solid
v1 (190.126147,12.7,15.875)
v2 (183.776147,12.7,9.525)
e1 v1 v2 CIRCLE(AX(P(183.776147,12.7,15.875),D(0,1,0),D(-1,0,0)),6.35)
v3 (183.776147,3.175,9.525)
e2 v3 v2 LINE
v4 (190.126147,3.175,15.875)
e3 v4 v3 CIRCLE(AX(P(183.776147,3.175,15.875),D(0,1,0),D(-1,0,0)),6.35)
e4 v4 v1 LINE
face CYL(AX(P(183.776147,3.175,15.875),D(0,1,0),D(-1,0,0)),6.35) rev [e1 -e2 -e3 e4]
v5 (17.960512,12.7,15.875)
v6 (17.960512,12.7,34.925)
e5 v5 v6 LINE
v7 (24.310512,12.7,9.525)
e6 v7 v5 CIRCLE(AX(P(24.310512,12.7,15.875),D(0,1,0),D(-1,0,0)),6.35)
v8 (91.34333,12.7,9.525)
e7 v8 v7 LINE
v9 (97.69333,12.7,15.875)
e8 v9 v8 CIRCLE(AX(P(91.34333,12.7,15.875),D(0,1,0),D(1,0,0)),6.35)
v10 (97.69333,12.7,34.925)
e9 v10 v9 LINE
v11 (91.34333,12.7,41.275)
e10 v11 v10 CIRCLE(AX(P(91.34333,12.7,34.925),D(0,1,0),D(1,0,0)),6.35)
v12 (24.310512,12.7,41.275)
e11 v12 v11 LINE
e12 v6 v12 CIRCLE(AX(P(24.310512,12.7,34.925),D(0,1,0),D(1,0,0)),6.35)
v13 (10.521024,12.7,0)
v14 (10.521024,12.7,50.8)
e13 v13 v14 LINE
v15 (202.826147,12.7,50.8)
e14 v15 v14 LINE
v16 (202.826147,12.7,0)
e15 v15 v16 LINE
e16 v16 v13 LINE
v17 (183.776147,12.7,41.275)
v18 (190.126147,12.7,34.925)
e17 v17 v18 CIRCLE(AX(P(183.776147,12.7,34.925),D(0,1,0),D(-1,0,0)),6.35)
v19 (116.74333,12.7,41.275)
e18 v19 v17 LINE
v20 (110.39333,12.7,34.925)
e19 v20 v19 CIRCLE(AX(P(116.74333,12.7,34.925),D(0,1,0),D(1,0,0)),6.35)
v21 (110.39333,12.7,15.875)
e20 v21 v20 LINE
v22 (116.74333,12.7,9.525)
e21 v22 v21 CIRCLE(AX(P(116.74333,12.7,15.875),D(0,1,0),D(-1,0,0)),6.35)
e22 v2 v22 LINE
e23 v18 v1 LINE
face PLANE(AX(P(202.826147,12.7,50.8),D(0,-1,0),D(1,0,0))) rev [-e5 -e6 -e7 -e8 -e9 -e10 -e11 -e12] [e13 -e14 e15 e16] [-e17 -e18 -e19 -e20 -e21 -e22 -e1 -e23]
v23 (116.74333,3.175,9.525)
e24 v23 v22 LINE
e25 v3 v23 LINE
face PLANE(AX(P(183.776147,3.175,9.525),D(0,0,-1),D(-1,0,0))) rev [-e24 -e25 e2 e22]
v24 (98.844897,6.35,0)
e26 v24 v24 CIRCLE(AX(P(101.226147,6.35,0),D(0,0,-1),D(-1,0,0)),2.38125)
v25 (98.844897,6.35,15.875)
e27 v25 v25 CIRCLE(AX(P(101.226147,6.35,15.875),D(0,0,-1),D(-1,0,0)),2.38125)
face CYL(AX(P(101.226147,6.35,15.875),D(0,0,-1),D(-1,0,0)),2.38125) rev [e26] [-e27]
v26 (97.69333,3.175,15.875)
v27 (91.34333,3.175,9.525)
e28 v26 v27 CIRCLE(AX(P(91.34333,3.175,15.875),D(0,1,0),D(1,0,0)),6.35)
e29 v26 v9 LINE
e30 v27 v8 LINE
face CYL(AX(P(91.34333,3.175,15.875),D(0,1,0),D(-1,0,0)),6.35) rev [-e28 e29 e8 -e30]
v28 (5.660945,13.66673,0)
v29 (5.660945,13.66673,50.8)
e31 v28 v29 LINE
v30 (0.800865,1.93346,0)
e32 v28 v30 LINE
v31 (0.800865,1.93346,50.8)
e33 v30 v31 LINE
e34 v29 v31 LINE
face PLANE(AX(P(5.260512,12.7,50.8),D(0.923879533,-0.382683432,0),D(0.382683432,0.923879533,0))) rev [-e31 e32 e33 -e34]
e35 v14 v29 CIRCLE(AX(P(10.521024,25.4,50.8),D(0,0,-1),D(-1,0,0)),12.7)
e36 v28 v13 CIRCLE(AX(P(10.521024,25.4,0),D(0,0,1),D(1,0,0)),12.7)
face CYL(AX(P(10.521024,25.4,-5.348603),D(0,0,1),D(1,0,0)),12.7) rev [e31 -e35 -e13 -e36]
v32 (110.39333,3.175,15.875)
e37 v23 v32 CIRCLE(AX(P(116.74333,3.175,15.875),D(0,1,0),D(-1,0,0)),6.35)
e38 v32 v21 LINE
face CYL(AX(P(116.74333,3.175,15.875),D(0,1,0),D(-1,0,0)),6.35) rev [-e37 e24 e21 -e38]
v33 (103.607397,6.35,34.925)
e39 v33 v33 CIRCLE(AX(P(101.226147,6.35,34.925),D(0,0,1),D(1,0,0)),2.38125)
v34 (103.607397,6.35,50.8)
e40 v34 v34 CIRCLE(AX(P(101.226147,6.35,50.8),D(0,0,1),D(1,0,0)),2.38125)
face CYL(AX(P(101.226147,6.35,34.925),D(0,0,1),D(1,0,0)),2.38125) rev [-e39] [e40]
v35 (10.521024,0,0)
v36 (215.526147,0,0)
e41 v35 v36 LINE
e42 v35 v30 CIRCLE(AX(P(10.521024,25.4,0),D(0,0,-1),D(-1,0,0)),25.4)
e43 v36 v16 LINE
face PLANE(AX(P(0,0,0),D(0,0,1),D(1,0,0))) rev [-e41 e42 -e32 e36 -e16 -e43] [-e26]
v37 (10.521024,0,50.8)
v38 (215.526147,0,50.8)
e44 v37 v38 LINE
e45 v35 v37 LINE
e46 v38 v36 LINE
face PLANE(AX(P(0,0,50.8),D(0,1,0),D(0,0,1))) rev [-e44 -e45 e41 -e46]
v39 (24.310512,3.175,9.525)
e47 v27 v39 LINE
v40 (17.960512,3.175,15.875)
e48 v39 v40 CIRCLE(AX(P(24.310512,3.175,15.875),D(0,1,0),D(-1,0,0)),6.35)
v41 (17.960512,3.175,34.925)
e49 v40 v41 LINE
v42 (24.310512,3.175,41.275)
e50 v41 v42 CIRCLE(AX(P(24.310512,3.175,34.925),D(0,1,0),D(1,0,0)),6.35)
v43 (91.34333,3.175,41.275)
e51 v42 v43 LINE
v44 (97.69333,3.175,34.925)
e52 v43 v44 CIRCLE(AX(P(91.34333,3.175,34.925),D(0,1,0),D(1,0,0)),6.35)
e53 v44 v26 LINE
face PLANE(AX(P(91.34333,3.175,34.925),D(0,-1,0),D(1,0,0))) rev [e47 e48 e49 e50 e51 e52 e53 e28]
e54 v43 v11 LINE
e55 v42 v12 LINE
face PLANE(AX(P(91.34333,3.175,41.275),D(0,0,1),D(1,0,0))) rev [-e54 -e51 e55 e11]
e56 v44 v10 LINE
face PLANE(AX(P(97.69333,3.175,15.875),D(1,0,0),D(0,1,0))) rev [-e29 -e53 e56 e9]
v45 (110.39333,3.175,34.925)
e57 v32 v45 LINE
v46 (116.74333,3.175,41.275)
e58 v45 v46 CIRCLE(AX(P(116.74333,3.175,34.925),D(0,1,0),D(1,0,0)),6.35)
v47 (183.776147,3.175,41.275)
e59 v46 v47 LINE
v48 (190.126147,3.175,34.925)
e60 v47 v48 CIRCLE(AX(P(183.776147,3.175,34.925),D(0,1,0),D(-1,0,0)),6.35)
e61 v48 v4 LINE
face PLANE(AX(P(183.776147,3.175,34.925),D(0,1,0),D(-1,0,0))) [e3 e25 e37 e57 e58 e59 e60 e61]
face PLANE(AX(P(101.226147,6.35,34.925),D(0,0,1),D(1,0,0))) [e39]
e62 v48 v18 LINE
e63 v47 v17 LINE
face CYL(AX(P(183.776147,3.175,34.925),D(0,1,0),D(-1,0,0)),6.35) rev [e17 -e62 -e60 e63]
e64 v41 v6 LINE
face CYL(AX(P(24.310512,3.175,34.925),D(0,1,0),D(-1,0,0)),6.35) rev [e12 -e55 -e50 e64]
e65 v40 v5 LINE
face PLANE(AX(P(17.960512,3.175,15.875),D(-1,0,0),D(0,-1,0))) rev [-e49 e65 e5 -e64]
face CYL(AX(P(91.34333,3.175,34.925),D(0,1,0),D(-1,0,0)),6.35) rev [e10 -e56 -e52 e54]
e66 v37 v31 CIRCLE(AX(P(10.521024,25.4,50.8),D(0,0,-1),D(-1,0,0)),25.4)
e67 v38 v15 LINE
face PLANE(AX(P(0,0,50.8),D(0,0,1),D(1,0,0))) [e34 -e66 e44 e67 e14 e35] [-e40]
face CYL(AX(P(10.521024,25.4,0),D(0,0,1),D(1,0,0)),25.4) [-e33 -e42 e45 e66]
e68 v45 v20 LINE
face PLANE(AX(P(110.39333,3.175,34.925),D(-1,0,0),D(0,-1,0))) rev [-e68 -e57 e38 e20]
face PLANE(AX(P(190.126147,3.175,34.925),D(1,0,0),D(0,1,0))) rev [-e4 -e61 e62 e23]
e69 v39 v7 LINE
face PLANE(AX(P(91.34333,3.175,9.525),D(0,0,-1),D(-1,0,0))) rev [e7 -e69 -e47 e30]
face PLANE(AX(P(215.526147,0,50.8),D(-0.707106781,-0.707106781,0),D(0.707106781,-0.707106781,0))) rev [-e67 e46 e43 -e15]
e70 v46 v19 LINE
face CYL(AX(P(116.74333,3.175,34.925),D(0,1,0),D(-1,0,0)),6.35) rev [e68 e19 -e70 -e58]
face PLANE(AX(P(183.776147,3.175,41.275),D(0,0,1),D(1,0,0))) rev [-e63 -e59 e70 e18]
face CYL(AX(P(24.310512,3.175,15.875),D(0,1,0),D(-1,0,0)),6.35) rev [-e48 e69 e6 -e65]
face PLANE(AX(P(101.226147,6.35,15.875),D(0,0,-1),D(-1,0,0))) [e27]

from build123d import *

# Parameters (mm, degrees)
EXTRUDE1_DEPTH     = 50.8
CUT_EXTRUDE1_DEPTH = 9.525
SKETCH3_R          = 2.38125
CUT_EXTRUDE2_DEPTH = 15.875
CUT_EXTRUDE3_START = -15.875
SKETCH4_R          = 2.38125
CUT_EXTRUDE3_DEPTH = 15.875
CUT_EXTRUDE4_DEPTH = 222.795964766
EXTRUDE2_DEPTH     = 50.8


with BuildPart() as part:
    # Sketch1 → Extrude1 (new body)
    with BuildSketch(Plane.XY):
        Polygon((0, 0), (215.526146874, 0), (202.826146874, 12.7), (5.260512242, 12.7), align=None)
    extrude(amount=EXTRUDE1_DEPTH)

    # Sketch2 → Cut-Extrude1 (cut)
    with BuildSketch(Plane(origin=(0, 12.7, 0), x_dir=(-1, 0, 0), z_dir=(0, 1, 0))):
        with BuildLine():
            Line((-183.776146874, 41.275), (-116.743329558, 41.275))
            ThreePointArc((-116.743329558, 41.275), (-112.253201498, 39.415128061), (-110.393329558, 34.925))
            Line((-110.393329558, 34.925), (-110.393329558, 15.875))
            ThreePointArc((-110.393329558, 15.875), (-112.253201498, 11.384871939), (-116.743329558, 9.525))
            Line((-116.743329558, 9.525), (-183.776146874, 9.525))
            ThreePointArc((-183.776146874, 9.525), (-188.266274935, 11.384871939), (-190.126146874, 15.875))
            Line((-190.126146874, 15.875), (-190.126146874, 34.925))
            ThreePointArc((-190.126146874, 34.925), (-188.266274935, 39.415128061), (-183.776146874, 41.275))
        make_face()
        with BuildLine():
            Line((-91.343329558, 9.525), (-24.310512242, 9.525))
            ThreePointArc((-24.310512242, 9.525), (-19.820384182, 11.384871939), (-17.960512242, 15.875))
            Line((-17.960512242, 15.875), (-17.960512242, 34.925))
            ThreePointArc((-17.960512242, 34.925), (-19.820384182, 39.415128061), (-24.310512242, 41.275))
            Line((-24.310512242, 41.275), (-91.343329558, 41.275))
            ThreePointArc((-91.343329558, 41.275), (-95.833457619, 39.415128061), (-97.693329558, 34.925))
            Line((-97.693329558, 34.925), (-97.693329558, 15.875))
            ThreePointArc((-97.693329558, 15.875), (-95.833457619, 11.384871939), (-91.343329558, 9.525))
        make_face()
    extrude(amount=-CUT_EXTRUDE1_DEPTH, mode=Mode.SUBTRACT)

    # Sketch3 → Cut-Extrude2 (cut)
    with BuildSketch(Plane.XY.offset(50.8)):
        with Locations((101.226146874, 6.35)):
            Circle(SKETCH3_R)
    extrude(amount=-CUT_EXTRUDE2_DEPTH, mode=Mode.SUBTRACT)

    # Sketch4 → Cut-Extrude3 (cut)
    with BuildSketch(Plane(origin=(0, 0, 0), x_dir=(-1, 0, 0), z_dir=(0, 0, -1)).offset(CUT_EXTRUDE3_START)):
        with Locations(Location((-101.226146874, 6.35, 0), (0, 0, 180))):
            Circle(SKETCH4_R)
    extrude(amount=CUT_EXTRUDE3_DEPTH, mode=Mode.SUBTRACT)

    # Sketch5 → Cut-Extrude4 (cut, through all)
    with BuildSketch(Plane.XY.offset(50.8)):
        with BuildLine():
            Line((0.800865302, 1.933459874), (0, 0))
            Line((0, 0), (10.521024484, 0))
            ThreePointArc((10.521024484, 0), (5.565730305, 0.488053878), (0.800865302, 1.933459874))
        make_face()
    extrude(amount=-CUT_EXTRUDE4_DEPTH, mode=Mode.SUBTRACT)

    # Sketch6 → Extrude2 (add)
    with BuildSketch(Plane.XY.offset(50.8)):
        with BuildLine():
            Line((5.660944893, 13.666729937), (5.260512242, 12.7))
            Line((5.260512242, 12.7), (10.521024484, 12.7))
            ThreePointArc((10.521024484, 12.7), (8.043377395, 12.944026939), (5.660944893, 13.666729937))
        make_face()
    extrude(amount=-EXTRUDE2_DEPTH)


solid = part.part
